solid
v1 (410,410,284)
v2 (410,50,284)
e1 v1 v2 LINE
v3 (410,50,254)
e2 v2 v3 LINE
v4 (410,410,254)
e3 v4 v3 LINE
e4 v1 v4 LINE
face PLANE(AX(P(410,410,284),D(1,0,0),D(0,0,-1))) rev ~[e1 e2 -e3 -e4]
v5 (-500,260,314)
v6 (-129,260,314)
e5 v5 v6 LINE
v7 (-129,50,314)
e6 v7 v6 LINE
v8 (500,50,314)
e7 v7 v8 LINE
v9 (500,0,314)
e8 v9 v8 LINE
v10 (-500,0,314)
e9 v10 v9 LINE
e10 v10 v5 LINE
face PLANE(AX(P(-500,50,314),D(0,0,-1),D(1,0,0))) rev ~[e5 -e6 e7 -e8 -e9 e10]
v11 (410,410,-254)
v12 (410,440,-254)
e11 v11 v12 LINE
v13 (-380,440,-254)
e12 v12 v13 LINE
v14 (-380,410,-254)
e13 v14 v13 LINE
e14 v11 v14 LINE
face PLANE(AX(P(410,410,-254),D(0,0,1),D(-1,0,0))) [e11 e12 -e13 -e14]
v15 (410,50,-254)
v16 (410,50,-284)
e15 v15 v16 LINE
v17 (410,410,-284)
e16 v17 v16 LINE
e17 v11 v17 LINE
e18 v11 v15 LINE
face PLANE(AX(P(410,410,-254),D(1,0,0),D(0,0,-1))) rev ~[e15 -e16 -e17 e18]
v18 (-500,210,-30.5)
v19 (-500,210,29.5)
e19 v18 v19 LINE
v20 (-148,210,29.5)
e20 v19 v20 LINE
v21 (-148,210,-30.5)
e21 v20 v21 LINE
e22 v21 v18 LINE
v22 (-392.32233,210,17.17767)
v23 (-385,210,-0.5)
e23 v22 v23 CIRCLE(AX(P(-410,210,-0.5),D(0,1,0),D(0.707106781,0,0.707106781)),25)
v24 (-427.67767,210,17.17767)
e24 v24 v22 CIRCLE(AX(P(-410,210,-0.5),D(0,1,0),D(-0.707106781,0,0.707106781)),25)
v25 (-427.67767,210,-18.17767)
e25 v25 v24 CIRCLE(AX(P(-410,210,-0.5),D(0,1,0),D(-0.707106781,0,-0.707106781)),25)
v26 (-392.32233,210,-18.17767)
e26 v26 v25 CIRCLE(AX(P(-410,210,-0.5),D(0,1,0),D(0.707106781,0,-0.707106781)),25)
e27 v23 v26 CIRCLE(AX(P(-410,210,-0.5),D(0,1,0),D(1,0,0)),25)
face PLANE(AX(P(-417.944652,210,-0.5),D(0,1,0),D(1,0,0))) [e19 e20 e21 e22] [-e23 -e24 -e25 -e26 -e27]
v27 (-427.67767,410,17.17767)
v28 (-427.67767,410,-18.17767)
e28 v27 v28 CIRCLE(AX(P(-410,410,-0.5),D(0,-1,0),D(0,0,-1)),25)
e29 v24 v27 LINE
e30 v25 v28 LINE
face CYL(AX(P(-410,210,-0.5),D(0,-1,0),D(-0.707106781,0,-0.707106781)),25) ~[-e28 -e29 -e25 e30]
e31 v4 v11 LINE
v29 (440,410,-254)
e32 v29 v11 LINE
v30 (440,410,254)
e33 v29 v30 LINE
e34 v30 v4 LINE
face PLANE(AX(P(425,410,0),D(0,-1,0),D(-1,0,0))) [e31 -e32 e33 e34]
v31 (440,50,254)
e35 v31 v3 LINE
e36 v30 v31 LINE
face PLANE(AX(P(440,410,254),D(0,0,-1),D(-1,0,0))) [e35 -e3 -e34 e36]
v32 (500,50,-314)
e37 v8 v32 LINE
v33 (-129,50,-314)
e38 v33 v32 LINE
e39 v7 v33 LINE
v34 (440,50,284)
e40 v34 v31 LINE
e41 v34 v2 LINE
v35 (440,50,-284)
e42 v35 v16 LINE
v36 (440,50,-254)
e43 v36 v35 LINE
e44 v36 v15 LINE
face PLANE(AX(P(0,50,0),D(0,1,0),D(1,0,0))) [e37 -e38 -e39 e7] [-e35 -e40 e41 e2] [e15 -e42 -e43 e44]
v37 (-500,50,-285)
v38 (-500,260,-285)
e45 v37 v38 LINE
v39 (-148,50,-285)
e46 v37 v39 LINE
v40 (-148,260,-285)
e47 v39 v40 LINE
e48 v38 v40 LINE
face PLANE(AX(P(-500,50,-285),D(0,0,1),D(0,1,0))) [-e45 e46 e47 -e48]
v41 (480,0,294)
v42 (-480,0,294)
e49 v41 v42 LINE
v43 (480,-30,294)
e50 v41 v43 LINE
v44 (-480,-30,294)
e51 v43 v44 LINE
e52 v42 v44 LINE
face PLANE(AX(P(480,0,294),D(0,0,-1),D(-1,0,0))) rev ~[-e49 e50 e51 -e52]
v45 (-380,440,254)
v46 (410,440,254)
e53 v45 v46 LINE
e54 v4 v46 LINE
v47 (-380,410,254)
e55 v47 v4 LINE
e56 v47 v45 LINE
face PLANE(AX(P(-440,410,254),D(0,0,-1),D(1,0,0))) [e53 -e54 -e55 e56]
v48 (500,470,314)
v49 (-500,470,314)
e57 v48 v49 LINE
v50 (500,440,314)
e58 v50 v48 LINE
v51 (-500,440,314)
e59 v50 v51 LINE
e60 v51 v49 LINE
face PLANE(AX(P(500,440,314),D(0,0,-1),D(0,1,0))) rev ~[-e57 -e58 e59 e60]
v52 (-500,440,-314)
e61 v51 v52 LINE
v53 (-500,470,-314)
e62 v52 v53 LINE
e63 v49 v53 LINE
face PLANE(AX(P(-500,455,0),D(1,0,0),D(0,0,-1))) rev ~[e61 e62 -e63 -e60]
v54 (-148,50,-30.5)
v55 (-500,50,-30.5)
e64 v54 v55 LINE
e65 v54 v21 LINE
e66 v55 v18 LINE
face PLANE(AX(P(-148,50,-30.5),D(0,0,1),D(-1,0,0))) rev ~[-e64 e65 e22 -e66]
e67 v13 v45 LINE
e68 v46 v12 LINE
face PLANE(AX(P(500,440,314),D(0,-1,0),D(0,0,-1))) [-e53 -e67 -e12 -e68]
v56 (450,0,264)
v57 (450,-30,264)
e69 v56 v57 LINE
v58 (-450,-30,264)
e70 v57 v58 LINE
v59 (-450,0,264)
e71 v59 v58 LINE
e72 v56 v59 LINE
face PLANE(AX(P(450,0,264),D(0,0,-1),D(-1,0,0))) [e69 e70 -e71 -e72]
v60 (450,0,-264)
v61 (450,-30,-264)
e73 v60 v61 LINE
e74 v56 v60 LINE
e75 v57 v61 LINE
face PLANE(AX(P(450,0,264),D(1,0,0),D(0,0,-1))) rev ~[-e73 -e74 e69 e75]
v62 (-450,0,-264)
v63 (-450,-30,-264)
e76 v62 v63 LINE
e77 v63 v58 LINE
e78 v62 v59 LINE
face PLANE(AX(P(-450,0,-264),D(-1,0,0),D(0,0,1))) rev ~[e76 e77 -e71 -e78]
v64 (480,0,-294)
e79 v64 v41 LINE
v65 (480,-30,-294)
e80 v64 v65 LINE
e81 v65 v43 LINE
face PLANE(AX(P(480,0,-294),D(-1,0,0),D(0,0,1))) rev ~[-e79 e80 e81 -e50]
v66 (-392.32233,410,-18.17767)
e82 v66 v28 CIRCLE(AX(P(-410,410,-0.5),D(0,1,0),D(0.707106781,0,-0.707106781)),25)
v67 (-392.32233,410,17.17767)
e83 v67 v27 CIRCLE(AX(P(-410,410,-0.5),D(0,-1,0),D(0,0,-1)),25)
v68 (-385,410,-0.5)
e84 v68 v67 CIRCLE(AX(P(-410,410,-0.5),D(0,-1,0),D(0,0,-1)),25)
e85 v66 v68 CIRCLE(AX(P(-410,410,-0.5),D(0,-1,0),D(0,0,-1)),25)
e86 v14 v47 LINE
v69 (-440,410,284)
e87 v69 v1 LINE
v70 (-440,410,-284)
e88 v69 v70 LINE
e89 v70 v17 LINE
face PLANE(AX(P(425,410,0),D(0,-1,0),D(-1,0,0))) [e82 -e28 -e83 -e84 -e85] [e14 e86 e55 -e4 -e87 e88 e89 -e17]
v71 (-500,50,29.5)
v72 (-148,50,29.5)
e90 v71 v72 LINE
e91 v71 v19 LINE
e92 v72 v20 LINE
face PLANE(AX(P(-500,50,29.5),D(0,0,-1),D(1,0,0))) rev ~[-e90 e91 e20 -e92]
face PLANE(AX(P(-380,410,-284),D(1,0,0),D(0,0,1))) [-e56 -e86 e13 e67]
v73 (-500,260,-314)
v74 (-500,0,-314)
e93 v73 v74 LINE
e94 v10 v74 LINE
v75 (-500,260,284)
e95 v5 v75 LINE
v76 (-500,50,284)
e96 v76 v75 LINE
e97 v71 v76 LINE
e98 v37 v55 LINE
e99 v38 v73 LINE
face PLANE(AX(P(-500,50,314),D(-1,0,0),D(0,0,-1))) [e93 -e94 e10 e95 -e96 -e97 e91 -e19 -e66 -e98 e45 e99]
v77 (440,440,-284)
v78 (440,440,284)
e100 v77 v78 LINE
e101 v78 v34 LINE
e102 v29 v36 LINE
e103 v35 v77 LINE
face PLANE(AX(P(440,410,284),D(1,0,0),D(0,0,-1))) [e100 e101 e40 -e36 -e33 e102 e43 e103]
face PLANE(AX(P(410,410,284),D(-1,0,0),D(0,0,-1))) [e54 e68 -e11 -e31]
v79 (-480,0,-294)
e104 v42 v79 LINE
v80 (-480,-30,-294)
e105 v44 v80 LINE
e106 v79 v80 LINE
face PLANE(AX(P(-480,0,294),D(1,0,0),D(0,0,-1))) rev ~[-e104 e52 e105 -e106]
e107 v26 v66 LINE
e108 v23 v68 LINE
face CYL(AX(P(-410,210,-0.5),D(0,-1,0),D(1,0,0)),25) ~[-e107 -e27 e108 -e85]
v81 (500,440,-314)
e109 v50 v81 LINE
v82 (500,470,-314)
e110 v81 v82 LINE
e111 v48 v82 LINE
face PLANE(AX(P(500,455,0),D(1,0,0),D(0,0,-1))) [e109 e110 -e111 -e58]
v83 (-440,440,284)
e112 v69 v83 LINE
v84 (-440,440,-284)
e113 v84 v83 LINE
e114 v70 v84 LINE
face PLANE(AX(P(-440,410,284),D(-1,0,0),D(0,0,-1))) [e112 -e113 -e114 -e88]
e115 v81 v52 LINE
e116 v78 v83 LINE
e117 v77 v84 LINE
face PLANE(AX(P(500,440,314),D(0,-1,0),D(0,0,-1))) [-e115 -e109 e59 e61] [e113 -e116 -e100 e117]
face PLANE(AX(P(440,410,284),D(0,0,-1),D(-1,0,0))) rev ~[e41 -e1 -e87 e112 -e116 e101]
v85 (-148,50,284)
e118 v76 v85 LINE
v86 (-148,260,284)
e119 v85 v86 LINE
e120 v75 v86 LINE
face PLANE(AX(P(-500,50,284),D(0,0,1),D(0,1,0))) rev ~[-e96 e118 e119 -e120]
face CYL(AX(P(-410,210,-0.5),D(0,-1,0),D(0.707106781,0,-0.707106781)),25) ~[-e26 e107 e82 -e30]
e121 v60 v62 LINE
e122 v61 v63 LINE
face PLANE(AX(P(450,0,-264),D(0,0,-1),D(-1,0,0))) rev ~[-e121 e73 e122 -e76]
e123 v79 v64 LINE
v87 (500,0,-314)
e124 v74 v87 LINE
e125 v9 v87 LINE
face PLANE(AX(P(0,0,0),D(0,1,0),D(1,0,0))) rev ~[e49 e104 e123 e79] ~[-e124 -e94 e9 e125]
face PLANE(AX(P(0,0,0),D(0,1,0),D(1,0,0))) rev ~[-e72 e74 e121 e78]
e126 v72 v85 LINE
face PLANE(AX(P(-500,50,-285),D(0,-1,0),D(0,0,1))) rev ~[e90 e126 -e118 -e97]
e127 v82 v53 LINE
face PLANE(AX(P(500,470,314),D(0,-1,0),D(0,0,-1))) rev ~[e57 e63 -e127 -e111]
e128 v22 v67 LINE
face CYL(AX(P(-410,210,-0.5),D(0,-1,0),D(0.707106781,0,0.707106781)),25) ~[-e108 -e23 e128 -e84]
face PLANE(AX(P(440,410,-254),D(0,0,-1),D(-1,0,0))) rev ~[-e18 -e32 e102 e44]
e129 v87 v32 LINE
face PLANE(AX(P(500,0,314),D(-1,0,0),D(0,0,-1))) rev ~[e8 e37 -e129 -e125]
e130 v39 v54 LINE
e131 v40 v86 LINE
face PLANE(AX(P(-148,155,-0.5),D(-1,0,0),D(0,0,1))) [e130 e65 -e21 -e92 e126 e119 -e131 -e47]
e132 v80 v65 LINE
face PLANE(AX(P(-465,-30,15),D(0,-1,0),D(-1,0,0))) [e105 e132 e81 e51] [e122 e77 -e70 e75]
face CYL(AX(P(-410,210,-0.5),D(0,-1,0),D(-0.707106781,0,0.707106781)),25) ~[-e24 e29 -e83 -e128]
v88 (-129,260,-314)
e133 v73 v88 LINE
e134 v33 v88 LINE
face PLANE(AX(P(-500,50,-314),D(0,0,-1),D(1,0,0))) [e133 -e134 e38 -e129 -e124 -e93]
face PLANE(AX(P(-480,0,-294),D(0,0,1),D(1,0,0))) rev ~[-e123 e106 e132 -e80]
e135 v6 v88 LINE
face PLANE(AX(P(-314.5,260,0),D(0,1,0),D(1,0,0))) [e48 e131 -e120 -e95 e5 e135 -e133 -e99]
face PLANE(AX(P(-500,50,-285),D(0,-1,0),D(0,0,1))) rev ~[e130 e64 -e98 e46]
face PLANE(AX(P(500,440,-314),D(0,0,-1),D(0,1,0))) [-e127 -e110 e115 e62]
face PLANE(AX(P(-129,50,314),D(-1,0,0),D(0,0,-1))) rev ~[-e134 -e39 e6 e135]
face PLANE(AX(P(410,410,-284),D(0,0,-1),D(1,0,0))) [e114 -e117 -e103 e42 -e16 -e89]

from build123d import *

# Parameters (mm, degrees)
SKETCH1_W           = 1000
SKETCH1_H           = 628
BOSS_EXTRUDE1_DEPTH = 50
SKETCH2_W           = 371
SKETCH2_H           = 628
BOSS_EXTRUDE2_DEPTH = 210
SKETCH3_W           = 569
SKETCH3_H           = 210
CUT_EXTRUDE1_DEPTH  = 352
BOSS_EXTRUDE3_DEPTH = 160
SKETCH6_W           = 628
SKETCH6_H           = 30
BOSS_EXTRUDE4_DEPTH = 1000
BOSS_EXTRUDE5_DEPTH = 242
BOSS_EXTRUDE6_START = 30
SKETCH8_W           = 790
SKETCH8_H           = 30
SKETCH8_R           = 25
BOSS_EXTRUDE6_DEPTH = 30
SKETCH9_W           = 30
SKETCH9_H           = 30
BOSS_EXTRUDE7_DEPTH = 388
SKETCH10_W          = 900
SKETCH10_H          = 30
BOSS_EXTRUDE8_DEPTH = 30


with BuildPart() as part:
    # Sketch1 → Boss-Extrude1 (new body)
    with BuildSketch(Plane(origin=(0, 0, 0), x_dir=(1, 0, 0), z_dir=(0, 1, 0))):
        Rectangle(SKETCH1_W, SKETCH1_H)
    extrude(amount=BOSS_EXTRUDE1_DEPTH)

    # Sketch2 → Boss-Extrude2 (add)
    with BuildSketch(Plane(origin=(0, 50, 0), x_dir=(1, 0, 0), z_dir=(0, 1, 0))):
        with Locations((-314.5, 0)):
            Rectangle(SKETCH2_W, SKETCH2_H)
    extrude(amount=BOSS_EXTRUDE2_DEPTH)

    # Sketch3 → Cut-Extrude1 (cut)
    with BuildSketch(Plane.ZY.offset(500)):
        with Locations((-0.5, 155)):
            Rectangle(SKETCH3_W, SKETCH3_H)
    extrude(amount=-CUT_EXTRUDE1_DEPTH, mode=Mode.SUBTRACT)

    # Sketch4 → Boss-Extrude3 (add)
    with BuildSketch(Plane(origin=(0, 50, 0), x_dir=(1, 0, 0), z_dir=(0, 1, 0))):
        Polygon((-342.55887522, -29.5), (-324, 0.5), (-342.55887522, 30.5), (-500, 30.5), (-500, -29.5), align=None)
        Polygon((-148, 30.5), (-305.44112478, 30.5), (-324, 0.5), (-305.44112478, -29.5), (-148, -29.5), align=None)
        Polygon((-305.44112478, -29.5), (-324, 0.5), (-324, -29.5), align=None)
        Polygon((-324, -29.5), (-324, 0.5), (-342.55887522, -29.5), align=None)
        Polygon((-324, 0.5), (-305.44112478, 30.5), (-324, 30.5), align=None)
        Polygon((-342.55887522, 30.5), (-324, 0.5), (-324, 30.5), align=None)
    extrude(amount=BOSS_EXTRUDE3_DEPTH)



with BuildPart() as body_2:
    # Sketch6 → Boss-Extrude4 (new body)
    with BuildSketch(Plane(origin=(500, 0, 0), x_dir=(0, 0, -1), z_dir=(1, 0, 0))):
        with Locations((0, 455)):
            Rectangle(SKETCH6_W, SKETCH6_H)
    extrude(amount=-BOSS_EXTRUDE4_DEPTH)


with BuildPart() as part_1:
    add(part.part)

    add(body_2.part)  # Boss-Extrude5 merges body 2
    # Sketch7 → Boss-Extrude5 (add)
    with BuildSketch(Plane(origin=(0, 210, 0), x_dir=(1, 0, 0), z_dir=(0, 1, 0))):
        with BuildLine():
            ThreePointArc((-392.32233047, 18.17766953), (-410, 25.5), (-427.67766953, 18.17766953))
            Line((-427.67766953, 18.17766953), (-410, 0.5))
            Line((-410, 0.5), (-392.32233047, 18.17766953))
        make_face()
        with BuildLine():
            Line((-410, 0.5), (-427.67766953, 18.17766953))
            ThreePointArc((-427.67766953, 18.17766953), (-435, 0.5), (-427.67766953, -17.17766953))
            Line((-427.67766953, -17.17766953), (-410, 0.5))
        make_face()
        with BuildLine():
            Line((-410, 0.5), (-427.67766953, -17.17766953))
            ThreePointArc((-427.67766953, -17.17766953), (-410, -24.5), (-392.32233047, -17.17766953))
            Line((-392.32233047, -17.17766953), (-410, 0.5))
        make_face()
        with BuildLine():
            ThreePointArc((-385, 0.5), (-386.903011687, 10.067085809), (-392.32233047, 18.17766953))
            Line((-392.32233047, 18.17766953), (-410, 0.5))
            Line((-410, 0.5), (-392.32233047, -17.17766953))
            ThreePointArc((-392.32233047, -17.17766953), (-386.903011687, -9.067085809), (-385, 0.5))
        make_face()
    extrude(amount=BOSS_EXTRUDE5_DEPTH)

    # Sketch8 → Boss-Extrude6 (add)
    # profile 1 of 4: a face of its own
    with BuildSketch(Plane(origin=(0, 440, 0), x_dir=(-1, 0, 0), z_dir=(0, -1, 0)).offset(BOSS_EXTRUDE6_START)):
        Polygon((-440, -284), (-410, -284), (-410, -254), (-410, 254), (-410, 284), (-440, 284), align=None)
    # profile 2 of 4: a face of its own
    with BuildSketch(Plane(origin=(0, 440, 0), x_dir=(-1, 0, 0), z_dir=(0, -1, 0)).offset(BOSS_EXTRUDE6_START)):
        Polygon((-410, -284), (440, -284), (440, -254), (380, -254), (-410, -254), align=None)
    # profile 3 of 4: a face of its own
    with BuildSketch(Plane(origin=(0, 440, 0), x_dir=(-1, 0, 0), z_dir=(0, -1, 0)).offset(BOSS_EXTRUDE6_START)):
        with Locations((-15, 269)):
            Rectangle(SKETCH8_W, SKETCH8_H)
    # profile 4 of 4: a face of its own
    with BuildSketch(Plane(origin=(0, 440, 0), x_dir=(-1, 0, 0), z_dir=(0, -1, 0)).offset(BOSS_EXTRUDE6_START)):
        Polygon((380, -254), (440, -254), (440, 284), (380, 284), (380, 254), align=None)
        with Locations(Location((410, 0.5, 0), (0, 0, 90))):
            Circle(SKETCH8_R, mode=Mode.SUBTRACT)
    extrude(amount=-BOSS_EXTRUDE6_DEPTH)

    # Sketch9 → Boss-Extrude7 (add)
    with BuildSketch(Plane(origin=(0, 410, 0), x_dir=(-1, 0, 0), z_dir=(0, -1, 0))):
        with Locations((-425, -269)):
            Rectangle(SKETCH9_W, SKETCH9_H)
        with Locations((-425, 269)):
            Rectangle(SKETCH9_W, SKETCH9_H)
    extrude(amount=BOSS_EXTRUDE7_DEPTH)

    # Sketch10 → Boss-Extrude8 (add)
    with BuildSketch(Plane(origin=(0, 0, 0), x_dir=(-1, 0, 0), z_dir=(0, -1, 0))):
        Polygon((480, -294), (480, 264), (450, 264), (450, -264), (450, -294), align=None)
        Polygon((480, 264), (480, 294), (-480, 294), (-480, 264), (-450, 264), (450, 264), align=None)
        with Locations((0, -279)):
            Rectangle(SKETCH10_W, SKETCH10_H)
        Polygon((-450, 264), (-480, 264), (-480, -294), (-450, -294), (-450, -264), align=None)
    extrude(amount=BOSS_EXTRUDE8_DEPTH)


solid = part_1.part
